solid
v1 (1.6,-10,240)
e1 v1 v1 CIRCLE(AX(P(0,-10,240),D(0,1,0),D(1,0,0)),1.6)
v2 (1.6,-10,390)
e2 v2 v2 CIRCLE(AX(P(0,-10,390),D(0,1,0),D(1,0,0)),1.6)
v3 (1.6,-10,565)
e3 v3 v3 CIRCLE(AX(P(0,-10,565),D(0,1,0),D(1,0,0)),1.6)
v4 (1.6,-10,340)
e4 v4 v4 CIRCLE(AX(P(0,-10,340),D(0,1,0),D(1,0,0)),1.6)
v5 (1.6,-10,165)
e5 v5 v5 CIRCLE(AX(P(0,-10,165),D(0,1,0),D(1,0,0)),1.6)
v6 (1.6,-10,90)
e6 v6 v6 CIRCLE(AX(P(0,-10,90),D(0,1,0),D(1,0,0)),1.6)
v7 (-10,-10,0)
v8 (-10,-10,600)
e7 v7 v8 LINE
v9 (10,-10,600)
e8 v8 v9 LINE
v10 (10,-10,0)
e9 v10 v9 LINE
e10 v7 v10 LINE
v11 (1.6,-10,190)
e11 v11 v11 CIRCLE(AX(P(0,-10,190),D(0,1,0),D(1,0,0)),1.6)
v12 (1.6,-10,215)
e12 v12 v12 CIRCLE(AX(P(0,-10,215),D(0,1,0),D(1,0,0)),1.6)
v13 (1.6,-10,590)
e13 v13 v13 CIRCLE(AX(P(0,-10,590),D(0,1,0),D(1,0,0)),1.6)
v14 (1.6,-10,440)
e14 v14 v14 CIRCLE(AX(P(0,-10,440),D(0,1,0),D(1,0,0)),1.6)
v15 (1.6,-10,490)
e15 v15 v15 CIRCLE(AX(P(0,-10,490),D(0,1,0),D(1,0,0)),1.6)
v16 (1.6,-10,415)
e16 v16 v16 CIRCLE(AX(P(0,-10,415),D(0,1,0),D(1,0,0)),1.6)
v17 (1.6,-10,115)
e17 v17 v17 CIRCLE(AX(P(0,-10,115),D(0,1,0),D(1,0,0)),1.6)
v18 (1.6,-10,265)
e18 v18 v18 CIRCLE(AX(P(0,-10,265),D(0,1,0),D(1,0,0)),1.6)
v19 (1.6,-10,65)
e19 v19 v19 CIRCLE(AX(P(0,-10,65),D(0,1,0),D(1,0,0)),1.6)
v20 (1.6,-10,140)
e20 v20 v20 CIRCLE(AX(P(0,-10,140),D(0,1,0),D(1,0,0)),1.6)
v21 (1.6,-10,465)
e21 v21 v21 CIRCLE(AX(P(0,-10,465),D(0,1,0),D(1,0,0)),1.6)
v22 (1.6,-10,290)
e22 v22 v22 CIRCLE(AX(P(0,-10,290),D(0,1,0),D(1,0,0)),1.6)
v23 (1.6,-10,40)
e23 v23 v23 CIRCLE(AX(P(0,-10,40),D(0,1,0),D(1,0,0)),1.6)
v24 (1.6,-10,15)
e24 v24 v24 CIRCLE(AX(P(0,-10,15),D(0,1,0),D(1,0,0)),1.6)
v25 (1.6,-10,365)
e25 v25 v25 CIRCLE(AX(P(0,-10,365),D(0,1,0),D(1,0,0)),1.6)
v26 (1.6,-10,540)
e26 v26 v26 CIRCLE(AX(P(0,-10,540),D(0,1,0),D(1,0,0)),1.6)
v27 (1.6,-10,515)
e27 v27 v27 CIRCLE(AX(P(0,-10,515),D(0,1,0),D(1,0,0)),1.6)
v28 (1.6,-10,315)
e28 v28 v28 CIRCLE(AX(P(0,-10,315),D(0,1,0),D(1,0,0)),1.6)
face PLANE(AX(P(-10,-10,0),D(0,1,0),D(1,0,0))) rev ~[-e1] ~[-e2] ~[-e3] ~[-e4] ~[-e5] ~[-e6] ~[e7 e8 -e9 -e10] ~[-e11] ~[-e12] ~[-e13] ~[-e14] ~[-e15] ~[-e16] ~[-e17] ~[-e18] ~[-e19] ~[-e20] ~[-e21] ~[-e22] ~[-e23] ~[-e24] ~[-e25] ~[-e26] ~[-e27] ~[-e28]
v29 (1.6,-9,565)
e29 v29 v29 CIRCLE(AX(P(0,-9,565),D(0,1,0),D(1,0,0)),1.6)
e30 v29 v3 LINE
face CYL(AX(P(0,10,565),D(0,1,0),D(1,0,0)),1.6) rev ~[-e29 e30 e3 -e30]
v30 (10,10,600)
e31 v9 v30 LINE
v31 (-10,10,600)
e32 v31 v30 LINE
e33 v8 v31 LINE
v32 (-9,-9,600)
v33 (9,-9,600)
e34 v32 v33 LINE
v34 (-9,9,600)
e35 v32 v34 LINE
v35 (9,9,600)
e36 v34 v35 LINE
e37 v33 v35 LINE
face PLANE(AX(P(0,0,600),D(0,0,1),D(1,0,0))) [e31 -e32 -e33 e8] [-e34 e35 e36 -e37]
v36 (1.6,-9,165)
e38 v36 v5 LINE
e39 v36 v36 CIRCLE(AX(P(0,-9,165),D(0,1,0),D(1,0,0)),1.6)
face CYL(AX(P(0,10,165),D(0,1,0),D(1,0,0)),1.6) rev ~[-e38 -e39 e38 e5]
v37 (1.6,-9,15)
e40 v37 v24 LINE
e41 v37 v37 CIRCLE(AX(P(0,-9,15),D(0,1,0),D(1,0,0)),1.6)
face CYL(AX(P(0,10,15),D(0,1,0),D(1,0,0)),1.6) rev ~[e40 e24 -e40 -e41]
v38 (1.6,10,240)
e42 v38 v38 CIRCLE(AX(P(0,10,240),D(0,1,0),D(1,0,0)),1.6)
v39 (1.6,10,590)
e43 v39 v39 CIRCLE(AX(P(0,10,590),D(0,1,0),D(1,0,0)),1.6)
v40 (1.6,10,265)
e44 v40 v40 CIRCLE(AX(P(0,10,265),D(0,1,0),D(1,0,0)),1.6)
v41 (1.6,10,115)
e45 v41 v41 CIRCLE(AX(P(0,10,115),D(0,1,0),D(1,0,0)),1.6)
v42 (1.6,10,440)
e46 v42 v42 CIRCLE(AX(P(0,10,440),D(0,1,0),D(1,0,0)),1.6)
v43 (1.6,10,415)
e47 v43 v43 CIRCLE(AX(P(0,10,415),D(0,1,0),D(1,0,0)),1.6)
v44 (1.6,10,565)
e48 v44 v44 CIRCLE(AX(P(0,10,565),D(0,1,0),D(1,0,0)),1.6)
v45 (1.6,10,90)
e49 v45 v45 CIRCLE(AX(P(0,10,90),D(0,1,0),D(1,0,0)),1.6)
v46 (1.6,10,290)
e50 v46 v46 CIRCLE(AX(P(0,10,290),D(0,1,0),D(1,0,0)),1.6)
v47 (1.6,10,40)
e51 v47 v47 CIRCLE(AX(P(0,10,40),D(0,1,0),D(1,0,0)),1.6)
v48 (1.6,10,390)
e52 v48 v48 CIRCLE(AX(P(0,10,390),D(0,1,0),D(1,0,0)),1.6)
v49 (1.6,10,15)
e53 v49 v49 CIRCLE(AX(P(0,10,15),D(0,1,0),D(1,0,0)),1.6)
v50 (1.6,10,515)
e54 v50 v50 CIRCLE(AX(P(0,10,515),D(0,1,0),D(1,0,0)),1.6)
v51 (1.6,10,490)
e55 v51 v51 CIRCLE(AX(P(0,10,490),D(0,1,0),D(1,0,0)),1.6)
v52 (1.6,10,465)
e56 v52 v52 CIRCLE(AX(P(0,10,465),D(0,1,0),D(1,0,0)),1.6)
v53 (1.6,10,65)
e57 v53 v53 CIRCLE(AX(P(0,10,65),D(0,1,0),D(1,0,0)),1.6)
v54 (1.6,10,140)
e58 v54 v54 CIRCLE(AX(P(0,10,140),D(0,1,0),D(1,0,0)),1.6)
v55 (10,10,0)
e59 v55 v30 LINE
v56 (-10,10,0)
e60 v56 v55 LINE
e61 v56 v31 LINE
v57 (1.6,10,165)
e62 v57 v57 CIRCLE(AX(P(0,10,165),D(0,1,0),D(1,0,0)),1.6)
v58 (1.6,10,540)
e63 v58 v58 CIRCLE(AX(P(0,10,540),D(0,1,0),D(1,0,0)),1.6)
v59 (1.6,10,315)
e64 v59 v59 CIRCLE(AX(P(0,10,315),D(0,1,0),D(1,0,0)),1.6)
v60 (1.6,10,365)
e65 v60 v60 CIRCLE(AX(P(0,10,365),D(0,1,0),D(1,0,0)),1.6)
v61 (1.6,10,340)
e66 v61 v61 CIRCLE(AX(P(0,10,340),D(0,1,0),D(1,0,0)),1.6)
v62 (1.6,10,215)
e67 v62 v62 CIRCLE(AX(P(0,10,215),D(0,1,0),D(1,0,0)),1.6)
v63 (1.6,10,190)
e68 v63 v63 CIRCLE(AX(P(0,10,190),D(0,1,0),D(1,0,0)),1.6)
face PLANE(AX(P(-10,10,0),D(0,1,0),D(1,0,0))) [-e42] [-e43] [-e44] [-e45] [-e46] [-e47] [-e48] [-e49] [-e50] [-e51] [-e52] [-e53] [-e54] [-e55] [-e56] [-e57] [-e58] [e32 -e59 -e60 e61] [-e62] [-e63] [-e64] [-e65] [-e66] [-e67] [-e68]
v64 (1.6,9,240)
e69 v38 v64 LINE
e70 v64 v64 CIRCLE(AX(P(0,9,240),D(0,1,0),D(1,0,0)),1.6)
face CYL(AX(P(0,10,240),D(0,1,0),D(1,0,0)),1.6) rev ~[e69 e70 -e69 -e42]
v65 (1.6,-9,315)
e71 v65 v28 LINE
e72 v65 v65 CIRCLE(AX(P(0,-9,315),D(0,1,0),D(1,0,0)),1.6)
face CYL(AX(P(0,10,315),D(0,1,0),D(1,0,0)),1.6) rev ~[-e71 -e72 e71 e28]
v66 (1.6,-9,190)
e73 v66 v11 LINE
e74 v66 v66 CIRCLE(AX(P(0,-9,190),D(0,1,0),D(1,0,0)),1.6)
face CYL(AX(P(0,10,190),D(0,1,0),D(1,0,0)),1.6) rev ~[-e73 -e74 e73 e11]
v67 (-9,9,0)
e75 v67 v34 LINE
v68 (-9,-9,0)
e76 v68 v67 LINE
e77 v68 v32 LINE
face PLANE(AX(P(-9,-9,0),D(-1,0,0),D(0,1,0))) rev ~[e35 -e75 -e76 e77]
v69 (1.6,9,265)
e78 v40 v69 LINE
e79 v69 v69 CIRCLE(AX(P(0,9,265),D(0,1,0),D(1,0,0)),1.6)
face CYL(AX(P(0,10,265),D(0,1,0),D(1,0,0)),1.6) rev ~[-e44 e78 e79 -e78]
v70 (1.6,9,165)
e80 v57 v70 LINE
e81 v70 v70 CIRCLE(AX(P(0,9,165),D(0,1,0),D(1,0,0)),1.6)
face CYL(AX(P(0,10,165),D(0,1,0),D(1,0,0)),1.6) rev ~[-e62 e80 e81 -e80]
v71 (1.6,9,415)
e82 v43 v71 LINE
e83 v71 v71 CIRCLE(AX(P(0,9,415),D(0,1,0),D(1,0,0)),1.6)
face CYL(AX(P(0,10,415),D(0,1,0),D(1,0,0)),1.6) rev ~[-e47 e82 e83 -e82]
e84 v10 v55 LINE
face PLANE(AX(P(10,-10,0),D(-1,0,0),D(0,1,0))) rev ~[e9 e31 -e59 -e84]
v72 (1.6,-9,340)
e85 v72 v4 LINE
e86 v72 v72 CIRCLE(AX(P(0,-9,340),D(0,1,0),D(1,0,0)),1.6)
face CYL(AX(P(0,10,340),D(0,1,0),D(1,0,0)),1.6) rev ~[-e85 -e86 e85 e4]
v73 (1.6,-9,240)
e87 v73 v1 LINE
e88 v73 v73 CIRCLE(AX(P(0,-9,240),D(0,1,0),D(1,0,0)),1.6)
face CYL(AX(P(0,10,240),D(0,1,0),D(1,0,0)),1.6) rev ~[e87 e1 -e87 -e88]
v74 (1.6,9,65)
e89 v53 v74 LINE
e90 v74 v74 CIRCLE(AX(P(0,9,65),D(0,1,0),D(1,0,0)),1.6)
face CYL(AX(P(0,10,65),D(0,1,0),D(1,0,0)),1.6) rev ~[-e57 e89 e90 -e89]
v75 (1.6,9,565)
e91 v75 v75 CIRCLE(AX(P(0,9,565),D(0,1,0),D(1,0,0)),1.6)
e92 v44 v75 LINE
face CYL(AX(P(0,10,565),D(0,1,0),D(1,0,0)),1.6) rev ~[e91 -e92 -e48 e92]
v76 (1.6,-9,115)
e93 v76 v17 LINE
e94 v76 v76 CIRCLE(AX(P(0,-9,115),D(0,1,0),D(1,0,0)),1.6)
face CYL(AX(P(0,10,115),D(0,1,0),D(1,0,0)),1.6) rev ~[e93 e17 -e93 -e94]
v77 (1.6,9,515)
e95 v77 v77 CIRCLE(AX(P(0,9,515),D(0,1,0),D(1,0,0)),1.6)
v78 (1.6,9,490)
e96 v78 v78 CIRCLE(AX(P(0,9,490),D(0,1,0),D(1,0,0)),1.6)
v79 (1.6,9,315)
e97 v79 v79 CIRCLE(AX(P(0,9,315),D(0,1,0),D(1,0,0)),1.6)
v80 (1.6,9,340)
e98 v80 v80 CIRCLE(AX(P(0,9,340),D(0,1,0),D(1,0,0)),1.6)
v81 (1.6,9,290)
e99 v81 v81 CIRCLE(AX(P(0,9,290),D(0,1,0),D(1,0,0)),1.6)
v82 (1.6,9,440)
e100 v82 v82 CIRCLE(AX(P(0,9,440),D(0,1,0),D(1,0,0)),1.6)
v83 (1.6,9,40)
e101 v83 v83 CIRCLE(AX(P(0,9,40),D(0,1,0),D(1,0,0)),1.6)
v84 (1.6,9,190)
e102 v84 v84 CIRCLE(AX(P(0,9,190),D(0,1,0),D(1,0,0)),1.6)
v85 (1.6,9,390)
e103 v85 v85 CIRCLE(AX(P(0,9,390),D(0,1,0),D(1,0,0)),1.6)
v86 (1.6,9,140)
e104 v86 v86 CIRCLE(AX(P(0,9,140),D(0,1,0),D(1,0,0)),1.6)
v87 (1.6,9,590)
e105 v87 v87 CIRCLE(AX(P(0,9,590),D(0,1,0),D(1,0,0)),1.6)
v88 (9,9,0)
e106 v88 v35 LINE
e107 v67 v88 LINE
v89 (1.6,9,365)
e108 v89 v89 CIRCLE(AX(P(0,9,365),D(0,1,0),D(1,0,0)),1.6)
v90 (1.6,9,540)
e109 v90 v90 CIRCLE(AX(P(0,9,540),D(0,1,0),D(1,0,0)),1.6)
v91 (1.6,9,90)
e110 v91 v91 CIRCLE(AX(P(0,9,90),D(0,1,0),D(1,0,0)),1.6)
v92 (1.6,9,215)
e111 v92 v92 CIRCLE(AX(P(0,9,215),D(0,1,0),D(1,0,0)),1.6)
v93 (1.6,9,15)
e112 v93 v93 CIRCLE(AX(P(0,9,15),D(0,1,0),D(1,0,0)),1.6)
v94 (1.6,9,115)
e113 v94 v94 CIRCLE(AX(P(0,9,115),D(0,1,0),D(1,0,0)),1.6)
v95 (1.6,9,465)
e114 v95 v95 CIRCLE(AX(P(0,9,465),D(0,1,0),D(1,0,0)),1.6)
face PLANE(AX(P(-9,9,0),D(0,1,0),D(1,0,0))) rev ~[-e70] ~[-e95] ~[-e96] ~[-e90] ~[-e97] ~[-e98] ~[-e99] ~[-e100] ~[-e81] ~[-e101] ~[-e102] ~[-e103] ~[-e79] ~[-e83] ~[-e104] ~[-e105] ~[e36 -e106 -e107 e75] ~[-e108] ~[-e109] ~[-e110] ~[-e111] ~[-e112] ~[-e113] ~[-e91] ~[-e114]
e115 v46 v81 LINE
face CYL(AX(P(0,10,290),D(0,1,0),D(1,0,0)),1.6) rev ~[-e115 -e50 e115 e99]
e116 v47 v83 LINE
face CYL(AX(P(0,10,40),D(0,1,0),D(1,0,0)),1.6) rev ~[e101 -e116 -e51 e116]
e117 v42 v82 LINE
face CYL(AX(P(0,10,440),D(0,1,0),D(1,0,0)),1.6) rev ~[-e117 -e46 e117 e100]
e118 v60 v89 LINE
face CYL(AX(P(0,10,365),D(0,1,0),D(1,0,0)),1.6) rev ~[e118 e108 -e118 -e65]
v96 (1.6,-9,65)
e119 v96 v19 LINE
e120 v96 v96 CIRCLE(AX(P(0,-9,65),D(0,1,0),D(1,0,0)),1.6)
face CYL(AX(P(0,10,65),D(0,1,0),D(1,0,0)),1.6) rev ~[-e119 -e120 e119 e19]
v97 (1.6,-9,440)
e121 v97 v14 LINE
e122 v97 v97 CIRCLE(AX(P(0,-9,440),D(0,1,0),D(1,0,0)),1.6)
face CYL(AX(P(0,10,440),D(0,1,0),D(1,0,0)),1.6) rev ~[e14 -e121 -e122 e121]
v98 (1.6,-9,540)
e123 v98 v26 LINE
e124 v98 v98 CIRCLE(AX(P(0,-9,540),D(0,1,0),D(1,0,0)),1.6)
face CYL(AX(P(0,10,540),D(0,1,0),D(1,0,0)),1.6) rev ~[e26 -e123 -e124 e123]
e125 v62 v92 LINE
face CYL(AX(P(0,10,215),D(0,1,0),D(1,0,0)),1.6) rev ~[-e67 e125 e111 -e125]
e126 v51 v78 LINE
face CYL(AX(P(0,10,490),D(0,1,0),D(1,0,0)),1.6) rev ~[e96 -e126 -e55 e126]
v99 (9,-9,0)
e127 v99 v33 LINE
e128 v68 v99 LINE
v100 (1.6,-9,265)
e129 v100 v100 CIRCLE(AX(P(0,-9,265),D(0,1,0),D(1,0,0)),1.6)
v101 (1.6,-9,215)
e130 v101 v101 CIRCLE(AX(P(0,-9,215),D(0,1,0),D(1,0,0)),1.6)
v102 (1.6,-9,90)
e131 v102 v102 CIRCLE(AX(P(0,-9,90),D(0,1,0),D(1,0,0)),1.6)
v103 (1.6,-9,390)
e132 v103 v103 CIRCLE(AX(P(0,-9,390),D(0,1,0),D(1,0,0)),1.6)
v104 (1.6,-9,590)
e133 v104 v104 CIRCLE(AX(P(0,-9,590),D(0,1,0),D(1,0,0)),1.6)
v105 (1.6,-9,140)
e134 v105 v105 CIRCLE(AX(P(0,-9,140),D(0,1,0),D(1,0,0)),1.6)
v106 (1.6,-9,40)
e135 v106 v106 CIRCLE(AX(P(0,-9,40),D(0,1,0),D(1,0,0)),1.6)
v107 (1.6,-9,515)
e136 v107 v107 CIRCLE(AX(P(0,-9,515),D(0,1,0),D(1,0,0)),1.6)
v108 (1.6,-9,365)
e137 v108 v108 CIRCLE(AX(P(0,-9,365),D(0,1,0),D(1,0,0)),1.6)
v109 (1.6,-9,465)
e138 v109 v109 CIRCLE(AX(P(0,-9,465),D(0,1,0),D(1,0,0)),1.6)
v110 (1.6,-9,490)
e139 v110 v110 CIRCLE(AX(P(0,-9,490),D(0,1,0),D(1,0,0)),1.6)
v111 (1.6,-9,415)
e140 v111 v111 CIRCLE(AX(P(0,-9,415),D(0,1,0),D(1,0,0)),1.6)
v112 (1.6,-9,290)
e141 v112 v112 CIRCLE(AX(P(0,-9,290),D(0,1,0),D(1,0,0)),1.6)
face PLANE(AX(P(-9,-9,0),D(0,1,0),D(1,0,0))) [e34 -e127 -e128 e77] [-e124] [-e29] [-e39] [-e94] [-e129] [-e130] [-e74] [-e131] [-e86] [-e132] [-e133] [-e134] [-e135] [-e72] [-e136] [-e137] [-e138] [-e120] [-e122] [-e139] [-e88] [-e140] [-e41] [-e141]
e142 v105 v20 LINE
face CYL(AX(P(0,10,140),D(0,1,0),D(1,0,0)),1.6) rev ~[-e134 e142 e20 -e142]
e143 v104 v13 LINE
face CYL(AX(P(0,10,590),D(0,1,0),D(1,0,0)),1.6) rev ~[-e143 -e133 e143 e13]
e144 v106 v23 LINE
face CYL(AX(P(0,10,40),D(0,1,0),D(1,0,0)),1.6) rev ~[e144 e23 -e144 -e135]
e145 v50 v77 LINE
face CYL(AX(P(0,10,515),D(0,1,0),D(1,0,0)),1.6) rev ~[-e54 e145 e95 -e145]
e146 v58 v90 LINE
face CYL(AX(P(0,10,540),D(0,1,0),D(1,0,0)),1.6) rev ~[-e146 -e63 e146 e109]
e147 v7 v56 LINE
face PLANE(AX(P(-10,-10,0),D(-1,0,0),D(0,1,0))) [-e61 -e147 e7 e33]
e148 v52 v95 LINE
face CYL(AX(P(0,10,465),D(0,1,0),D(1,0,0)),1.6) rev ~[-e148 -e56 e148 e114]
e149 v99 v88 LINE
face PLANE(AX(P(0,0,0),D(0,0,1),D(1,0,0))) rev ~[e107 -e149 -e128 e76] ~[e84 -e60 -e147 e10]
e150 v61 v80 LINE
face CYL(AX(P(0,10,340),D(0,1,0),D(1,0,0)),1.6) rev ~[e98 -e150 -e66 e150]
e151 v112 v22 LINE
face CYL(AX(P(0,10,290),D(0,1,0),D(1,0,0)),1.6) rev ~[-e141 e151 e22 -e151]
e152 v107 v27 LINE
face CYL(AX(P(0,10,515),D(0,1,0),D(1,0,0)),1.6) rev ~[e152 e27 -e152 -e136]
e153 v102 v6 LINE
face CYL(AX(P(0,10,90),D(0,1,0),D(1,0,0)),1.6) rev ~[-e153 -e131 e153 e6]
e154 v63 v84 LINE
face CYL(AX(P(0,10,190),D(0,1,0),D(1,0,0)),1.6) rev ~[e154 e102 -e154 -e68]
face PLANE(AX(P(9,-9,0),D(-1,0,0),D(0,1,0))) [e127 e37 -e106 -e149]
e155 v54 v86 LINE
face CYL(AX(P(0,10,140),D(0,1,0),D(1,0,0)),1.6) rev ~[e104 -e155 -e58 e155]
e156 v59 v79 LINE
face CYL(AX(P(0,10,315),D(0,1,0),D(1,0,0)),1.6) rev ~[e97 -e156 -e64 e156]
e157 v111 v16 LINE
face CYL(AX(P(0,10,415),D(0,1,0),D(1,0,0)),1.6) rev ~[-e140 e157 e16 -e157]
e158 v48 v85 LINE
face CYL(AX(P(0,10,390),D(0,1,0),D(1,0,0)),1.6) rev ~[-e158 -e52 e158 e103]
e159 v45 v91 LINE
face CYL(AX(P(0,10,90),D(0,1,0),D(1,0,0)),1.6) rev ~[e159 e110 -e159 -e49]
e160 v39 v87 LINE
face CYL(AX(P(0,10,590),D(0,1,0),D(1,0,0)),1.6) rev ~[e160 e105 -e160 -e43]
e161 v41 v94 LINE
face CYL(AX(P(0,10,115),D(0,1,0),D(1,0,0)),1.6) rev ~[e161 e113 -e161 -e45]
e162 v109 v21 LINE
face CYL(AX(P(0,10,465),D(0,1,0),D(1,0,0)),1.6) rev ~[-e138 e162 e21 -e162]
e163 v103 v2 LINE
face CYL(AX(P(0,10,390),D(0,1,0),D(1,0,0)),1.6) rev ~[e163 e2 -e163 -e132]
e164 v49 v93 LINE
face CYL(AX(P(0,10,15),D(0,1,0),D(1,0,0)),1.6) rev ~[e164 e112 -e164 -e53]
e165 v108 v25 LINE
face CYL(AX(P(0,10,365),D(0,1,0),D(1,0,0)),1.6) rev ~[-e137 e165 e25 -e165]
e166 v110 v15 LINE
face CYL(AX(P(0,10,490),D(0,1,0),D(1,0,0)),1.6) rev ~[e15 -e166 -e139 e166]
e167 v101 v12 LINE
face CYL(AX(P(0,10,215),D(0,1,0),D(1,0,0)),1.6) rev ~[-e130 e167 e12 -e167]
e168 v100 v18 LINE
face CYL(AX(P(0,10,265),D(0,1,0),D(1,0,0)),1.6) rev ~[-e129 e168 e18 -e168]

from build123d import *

# Parameters (mm, degrees)
SKETCH_1_W          = 20
SKETCH_1_H          = 20
SKETCH_1_W_2        = 18
SKETCH_1_H_2        = 18
EXTRUDE_1_DEPTH     = 600
SKETCH_2_R          = 1.6
CUT_EXTRUDE_1_DEPTH = 21


with BuildPart() as part:
    # 草图1 → 凸台-拉伸1 (new body)
    with BuildSketch(Plane.XY):
        Rectangle(SKETCH_1_W, SKETCH_1_H)
        Rectangle(SKETCH_1_W_2, SKETCH_1_H_2, mode=Mode.SUBTRACT)
    extrude(amount=EXTRUDE_1_DEPTH)

    # 草图2 → 切除-拉伸1 (cut, through all)
    with BuildSketch(Plane(origin=(0, 10, 0), x_dir=(1, 0, 0), z_dir=(0, 1, 0))):
        with Locations((0, -15)):
            Circle(SKETCH_2_R)
        with Locations((0, -40)):
            Circle(SKETCH_2_R)
        with Locations((0, -65)):
            Circle(SKETCH_2_R)
        with Locations((0, -90)):
            Circle(SKETCH_2_R)
        with Locations((0, -115)):
            Circle(SKETCH_2_R)
        with Locations((0, -140)):
            Circle(SKETCH_2_R)
        with Locations((0, -165)):
            Circle(SKETCH_2_R)
        with Locations((0, -190)):
            Circle(SKETCH_2_R)
        with Locations((0, -215)):
            Circle(SKETCH_2_R)
        with Locations((0, -240)):
            Circle(SKETCH_2_R)
        with Locations((0, -265)):
            Circle(SKETCH_2_R)
        with Locations((0, -290)):
            Circle(SKETCH_2_R)
        with Locations((0, -315)):
            Circle(SKETCH_2_R)
        with Locations((0, -340)):
            Circle(SKETCH_2_R)
        with Locations((0, -365)):
            Circle(SKETCH_2_R)
        with Locations((0, -390)):
            Circle(SKETCH_2_R)
        with Locations((0, -415)):
            Circle(SKETCH_2_R)
        with Locations((0, -440)):
            Circle(SKETCH_2_R)
        with Locations((0, -465)):
            Circle(SKETCH_2_R)
        with Locations((0, -490)):
            Circle(SKETCH_2_R)
        with Locations((0, -515)):
            Circle(SKETCH_2_R)
        with Locations((0, -540)):
            Circle(SKETCH_2_R)
        with Locations((0, -565)):
            Circle(SKETCH_2_R)
        with Locations((0, -590)):
            Circle(SKETCH_2_R)
    extrude(amount=-CUT_EXTRUDE_1_DEPTH, mode=Mode.SUBTRACT)


solid = part.part
